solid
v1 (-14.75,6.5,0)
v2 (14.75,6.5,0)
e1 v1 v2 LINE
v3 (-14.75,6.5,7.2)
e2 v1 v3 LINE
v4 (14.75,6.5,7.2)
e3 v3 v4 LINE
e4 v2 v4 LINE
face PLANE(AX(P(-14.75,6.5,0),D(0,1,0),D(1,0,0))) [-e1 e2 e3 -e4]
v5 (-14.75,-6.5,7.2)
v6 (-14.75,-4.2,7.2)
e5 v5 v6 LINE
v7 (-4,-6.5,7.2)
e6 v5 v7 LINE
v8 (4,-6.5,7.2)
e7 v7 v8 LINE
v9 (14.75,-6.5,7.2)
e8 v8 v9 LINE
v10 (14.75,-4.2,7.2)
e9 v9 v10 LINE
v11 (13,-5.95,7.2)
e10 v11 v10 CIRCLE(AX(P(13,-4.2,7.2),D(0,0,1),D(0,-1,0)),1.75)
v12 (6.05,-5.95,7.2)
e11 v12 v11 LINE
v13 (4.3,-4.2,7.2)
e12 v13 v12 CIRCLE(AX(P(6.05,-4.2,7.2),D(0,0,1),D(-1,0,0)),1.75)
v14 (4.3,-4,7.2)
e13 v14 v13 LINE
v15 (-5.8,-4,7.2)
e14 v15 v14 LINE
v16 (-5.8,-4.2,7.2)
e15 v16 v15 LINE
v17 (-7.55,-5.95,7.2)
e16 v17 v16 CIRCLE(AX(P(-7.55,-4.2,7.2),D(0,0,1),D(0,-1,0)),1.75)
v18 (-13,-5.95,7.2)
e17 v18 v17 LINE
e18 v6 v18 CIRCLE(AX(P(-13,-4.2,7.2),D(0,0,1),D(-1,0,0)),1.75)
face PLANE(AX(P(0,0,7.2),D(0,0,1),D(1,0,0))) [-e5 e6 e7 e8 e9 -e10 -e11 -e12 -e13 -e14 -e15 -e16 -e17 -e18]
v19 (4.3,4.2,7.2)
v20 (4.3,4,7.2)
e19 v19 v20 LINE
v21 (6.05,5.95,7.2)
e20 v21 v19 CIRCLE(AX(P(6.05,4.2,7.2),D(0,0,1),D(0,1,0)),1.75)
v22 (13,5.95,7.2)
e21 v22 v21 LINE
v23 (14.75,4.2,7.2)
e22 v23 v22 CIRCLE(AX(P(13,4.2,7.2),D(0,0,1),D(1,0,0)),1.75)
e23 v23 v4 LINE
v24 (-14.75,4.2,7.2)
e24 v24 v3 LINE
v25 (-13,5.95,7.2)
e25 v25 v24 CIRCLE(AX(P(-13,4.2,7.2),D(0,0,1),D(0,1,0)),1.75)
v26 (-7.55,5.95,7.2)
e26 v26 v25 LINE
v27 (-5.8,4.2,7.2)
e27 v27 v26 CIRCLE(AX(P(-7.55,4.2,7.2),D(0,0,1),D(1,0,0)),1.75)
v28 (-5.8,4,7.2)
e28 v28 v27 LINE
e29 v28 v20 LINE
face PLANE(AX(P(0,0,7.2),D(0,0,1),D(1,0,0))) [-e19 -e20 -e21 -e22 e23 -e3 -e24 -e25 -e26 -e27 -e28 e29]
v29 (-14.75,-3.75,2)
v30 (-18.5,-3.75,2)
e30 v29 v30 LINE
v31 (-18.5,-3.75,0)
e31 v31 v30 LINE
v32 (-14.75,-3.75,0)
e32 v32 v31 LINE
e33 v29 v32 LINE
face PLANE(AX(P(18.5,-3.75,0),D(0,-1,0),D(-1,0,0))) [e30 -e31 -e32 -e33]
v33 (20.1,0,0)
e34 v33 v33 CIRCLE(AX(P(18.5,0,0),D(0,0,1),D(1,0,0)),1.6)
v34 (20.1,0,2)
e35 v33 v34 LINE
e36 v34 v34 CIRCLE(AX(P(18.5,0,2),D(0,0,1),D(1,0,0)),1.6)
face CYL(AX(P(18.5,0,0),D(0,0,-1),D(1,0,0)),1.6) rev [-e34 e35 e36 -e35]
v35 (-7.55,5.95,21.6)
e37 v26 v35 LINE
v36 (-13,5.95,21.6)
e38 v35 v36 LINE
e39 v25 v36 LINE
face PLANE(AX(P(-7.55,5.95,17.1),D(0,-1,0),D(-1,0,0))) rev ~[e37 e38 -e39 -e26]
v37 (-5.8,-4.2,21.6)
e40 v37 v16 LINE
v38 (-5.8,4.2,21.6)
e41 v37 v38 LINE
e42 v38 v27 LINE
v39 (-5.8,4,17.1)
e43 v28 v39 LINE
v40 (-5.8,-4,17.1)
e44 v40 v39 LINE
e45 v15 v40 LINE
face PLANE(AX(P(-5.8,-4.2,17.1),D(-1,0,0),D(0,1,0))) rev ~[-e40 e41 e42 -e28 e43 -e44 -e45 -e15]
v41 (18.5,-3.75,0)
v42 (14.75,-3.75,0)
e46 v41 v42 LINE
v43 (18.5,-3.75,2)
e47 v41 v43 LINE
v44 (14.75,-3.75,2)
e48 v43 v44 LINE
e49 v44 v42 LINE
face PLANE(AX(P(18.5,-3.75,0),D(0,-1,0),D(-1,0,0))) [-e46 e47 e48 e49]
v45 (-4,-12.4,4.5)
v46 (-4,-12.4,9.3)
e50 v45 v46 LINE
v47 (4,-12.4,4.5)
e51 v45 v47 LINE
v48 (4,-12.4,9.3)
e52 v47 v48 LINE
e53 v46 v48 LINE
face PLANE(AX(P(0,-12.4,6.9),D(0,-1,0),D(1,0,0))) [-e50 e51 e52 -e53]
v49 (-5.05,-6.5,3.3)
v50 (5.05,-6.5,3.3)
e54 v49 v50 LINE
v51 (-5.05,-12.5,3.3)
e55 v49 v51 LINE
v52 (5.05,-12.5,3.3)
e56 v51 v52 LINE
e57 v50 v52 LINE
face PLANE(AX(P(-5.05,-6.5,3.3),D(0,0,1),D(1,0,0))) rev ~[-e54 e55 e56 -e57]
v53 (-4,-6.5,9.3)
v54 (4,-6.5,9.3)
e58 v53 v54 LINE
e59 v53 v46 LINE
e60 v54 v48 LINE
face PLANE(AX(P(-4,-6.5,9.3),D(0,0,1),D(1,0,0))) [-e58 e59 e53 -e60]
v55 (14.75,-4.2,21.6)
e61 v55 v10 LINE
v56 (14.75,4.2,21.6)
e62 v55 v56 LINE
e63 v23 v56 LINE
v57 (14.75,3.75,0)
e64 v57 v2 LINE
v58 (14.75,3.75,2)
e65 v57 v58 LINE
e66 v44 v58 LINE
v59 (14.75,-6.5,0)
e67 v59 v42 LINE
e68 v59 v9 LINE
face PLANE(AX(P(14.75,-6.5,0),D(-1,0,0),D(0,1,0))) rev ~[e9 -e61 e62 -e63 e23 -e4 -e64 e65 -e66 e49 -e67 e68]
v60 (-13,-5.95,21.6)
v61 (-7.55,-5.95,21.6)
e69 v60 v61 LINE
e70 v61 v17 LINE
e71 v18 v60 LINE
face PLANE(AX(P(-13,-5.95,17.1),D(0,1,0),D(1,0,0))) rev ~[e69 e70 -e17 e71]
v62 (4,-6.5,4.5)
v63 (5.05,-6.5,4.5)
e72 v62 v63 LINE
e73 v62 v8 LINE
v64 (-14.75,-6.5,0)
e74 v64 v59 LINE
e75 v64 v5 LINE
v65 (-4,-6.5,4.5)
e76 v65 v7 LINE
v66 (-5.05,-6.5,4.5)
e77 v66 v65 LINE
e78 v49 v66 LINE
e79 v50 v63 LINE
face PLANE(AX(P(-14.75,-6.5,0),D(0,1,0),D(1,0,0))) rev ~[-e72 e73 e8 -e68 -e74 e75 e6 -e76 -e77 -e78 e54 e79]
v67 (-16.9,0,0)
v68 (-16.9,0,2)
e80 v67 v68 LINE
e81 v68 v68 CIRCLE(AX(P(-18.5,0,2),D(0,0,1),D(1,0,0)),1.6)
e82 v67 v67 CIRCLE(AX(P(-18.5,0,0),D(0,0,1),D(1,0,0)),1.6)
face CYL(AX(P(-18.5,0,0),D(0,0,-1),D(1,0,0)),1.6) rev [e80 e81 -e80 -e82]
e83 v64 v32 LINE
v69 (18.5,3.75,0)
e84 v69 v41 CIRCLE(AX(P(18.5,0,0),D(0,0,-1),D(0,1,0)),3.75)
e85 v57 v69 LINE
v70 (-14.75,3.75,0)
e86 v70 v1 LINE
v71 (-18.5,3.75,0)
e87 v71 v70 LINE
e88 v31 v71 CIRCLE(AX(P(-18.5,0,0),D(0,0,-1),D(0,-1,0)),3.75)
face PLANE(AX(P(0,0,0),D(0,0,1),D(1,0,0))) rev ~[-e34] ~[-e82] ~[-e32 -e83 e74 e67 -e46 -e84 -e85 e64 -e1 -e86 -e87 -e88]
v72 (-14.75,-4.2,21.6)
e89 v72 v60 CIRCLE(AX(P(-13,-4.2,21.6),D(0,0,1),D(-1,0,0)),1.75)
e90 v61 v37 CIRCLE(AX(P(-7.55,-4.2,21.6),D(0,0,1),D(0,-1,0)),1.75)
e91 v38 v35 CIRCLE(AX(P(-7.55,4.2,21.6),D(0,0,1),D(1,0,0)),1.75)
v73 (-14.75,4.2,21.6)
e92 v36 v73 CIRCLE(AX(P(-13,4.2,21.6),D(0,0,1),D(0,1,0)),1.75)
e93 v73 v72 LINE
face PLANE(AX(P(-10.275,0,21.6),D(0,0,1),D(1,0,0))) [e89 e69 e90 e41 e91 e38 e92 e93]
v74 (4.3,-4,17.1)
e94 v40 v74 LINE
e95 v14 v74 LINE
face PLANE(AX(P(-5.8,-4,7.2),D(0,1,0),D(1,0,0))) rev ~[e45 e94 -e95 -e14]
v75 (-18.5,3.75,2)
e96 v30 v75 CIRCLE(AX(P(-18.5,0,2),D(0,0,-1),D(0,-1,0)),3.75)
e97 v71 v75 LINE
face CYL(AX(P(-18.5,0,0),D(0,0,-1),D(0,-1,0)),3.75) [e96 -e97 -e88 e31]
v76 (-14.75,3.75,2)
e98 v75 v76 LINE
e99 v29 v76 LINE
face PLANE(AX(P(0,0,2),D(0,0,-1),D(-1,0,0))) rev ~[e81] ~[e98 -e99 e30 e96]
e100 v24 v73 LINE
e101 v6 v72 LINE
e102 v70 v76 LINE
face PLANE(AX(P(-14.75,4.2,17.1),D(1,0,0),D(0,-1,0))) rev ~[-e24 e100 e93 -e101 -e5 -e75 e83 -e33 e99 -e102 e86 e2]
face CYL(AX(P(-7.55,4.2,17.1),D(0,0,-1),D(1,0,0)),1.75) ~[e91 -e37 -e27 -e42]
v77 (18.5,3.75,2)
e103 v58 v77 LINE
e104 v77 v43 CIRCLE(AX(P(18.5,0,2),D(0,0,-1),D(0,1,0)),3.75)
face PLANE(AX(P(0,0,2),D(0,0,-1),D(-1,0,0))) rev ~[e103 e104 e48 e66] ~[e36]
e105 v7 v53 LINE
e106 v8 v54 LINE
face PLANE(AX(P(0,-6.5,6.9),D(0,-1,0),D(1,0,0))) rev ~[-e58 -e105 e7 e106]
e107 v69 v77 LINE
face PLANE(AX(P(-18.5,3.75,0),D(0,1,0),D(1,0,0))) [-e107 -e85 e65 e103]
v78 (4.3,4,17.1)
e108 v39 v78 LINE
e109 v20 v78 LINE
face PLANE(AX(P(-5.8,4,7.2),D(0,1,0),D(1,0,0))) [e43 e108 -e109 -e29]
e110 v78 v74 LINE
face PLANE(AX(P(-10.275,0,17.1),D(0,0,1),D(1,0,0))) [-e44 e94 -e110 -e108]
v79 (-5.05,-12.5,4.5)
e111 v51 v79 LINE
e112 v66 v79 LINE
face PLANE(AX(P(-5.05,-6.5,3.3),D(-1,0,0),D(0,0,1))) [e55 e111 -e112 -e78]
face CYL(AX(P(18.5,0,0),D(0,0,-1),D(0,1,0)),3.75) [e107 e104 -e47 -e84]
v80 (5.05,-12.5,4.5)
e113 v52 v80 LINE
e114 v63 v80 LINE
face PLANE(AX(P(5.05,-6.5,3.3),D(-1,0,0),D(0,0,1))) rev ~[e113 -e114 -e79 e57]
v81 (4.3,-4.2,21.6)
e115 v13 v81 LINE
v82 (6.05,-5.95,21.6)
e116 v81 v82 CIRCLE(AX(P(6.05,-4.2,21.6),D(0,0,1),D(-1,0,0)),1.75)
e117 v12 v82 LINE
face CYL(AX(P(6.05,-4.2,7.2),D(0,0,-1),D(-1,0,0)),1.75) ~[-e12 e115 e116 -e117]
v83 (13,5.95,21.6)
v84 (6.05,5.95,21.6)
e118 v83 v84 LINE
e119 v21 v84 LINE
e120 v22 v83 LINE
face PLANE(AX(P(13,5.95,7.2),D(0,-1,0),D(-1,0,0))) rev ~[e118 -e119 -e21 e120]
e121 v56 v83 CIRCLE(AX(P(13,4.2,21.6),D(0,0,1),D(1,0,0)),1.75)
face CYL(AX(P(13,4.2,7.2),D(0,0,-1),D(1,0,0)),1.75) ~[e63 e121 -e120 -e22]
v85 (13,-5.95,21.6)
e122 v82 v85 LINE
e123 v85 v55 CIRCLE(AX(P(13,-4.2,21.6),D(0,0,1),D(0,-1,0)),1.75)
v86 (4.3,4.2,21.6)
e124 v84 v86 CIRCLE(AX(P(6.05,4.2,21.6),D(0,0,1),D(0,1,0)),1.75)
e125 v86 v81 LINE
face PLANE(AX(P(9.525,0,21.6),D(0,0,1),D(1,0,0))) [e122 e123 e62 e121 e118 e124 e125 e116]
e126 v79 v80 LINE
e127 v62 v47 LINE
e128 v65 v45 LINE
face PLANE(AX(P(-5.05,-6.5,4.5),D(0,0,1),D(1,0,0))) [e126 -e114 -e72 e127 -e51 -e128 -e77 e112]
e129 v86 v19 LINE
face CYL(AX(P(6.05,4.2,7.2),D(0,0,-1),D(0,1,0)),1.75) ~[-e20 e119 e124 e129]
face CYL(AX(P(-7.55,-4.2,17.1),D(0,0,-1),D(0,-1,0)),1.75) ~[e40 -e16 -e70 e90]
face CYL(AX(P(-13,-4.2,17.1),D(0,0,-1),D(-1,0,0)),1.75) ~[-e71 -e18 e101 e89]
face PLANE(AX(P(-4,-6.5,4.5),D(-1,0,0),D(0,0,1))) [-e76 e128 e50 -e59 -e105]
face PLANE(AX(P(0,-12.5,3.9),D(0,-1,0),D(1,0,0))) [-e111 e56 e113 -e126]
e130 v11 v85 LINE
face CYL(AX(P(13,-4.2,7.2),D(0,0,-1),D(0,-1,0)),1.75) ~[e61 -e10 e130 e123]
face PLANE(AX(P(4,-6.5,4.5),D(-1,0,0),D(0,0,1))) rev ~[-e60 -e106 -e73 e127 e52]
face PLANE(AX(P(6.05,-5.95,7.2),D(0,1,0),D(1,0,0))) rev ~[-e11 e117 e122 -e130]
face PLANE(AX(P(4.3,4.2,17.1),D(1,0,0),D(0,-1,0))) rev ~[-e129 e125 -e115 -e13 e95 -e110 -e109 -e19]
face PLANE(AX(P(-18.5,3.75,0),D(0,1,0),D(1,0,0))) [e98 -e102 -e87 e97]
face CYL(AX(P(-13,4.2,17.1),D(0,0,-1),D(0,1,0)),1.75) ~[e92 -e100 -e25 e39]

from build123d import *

# Parameters (mm, degrees)
CROQUIS1_R              = 1.6
SALIENTE_EXTRUIR1_DEPTH = 2
CROQUIS2_W              = 29.5
CROQUIS2_H              = 13
SALIENTE_EXTRUIR2_DEPTH = 7.2
CROQUIS3_W              = 10.1
CROQUIS3_H              = 8
SALIENTE_EXTRUIR3_DEPTH = 9.9
SALIENTE_EXTRUIR4_DEPTH = 4.5
CROQUIS5_W              = 10.1
CROQUIS5_H              = 1.2
SALIENTE_EXTRUIR5_DEPTH = 6
CROQUIS6_W              = 8
CROQUIS6_H              = 4.8
SALIENTE_EXTRUIR6_DEPTH = 5.9


with BuildPart() as part:
    # Croquis1 → Saliente-Extruir1 (new body)
    with BuildSketch(Plane.XY):
        with BuildLine():
            Line((18.5, -3.75), (-18.5, -3.75))
            ThreePointArc((-18.5, -3.75), (-22.25, 0), (-18.5, 3.75))
            Line((-18.5, 3.75), (18.5, 3.75))
            ThreePointArc((18.5, 3.75), (22.25, 0), (18.5, -3.75))
        make_face()
        with Locations((-18.5, 0)):
            Circle(CROQUIS1_R, mode=Mode.SUBTRACT)
        with Locations((18.5, 0)):
            Circle(CROQUIS1_R, mode=Mode.SUBTRACT)
    extrude(amount=SALIENTE_EXTRUIR1_DEPTH)

    # Croquis2 → Saliente-Extruir2 (add)
    with BuildSketch(Plane.XY):
        Rectangle(CROQUIS2_W, CROQUIS2_H)
    extrude(amount=SALIENTE_EXTRUIR2_DEPTH)

    # Croquis3 → Saliente-Extruir3 (add)
    with BuildSketch(Plane.XY.offset(7.2)):
        with BuildLine():
            ThreePointArc((-5.8, 4.2), (-6.312563133, 5.437436867), (-7.55, 5.95))
            Line((-7.55, 5.95), (-13, 5.95))
            ThreePointArc((-13, 5.95), (-14.237436867, 5.437436867), (-14.75, 4.2))
            Line((-14.75, 4.2), (-14.75, -4.2))
            ThreePointArc((-14.75, -4.2), (-14.237436867, -5.437436867), (-13, -5.95))
            Line((-13, -5.95), (-7.55, -5.95))
            ThreePointArc((-7.55, -5.95), (-6.312563133, -5.437436867), (-5.8, -4.2))
            Line((-5.8, -4.2), (-5.8, -4))
            Line((-5.8, -4), (-5.8, 4))
            Line((-5.8, 4), (-5.8, 4.2))
        make_face()
        with Locations((-0.75, 0)):
            Rectangle(CROQUIS3_W, CROQUIS3_H)
        with BuildLine():
            Line((4.3, 4.2), (4.3, 4))
            Line((4.3, 4), (4.3, -4))
            Line((4.3, -4), (4.3, -4.2))
            ThreePointArc((4.3, -4.2), (4.812563133, -5.437436867), (6.05, -5.95))
            Line((6.05, -5.95), (13, -5.95))
            ThreePointArc((13, -5.95), (14.237436867, -5.437436867), (14.75, -4.2))
            Line((14.75, -4.2), (14.75, 4.2))
            ThreePointArc((14.75, 4.2), (14.237436867, 5.437436867), (13, 5.95))
            Line((13, 5.95), (6.05, 5.95))
            ThreePointArc((6.05, 5.95), (4.812563133, 5.437436867), (4.3, 4.2))
        make_face()
    extrude(amount=SALIENTE_EXTRUIR3_DEPTH)

    # Croquis4 → Saliente-Extruir4 (add)
    with BuildSketch(Plane.XY.offset(17.1)):
        with BuildLine():
            Line((-5.8, -4), (-5.8, 4))
            Line((-5.8, 4), (-5.8, 4.2))
            ThreePointArc((-5.8, 4.2), (-6.312563133, 5.437436867), (-7.55, 5.95))
            Line((-7.55, 5.95), (-13, 5.95))
            ThreePointArc((-13, 5.95), (-14.237436867, 5.437436867), (-14.75, 4.2))
            Line((-14.75, 4.2), (-14.75, -4.2))
            ThreePointArc((-14.75, -4.2), (-14.237436867, -5.437436867), (-13, -5.95))
            Line((-13, -5.95), (-7.55, -5.95))
            ThreePointArc((-7.55, -5.95), (-6.312563133, -5.437436867), (-5.8, -4.2))
            Line((-5.8, -4.2), (-5.8, -4))
        make_face()
        with BuildLine():
            Line((4.3, 4), (4.3, -4))
            Line((4.3, -4), (4.3, -4.2))
            ThreePointArc((4.3, -4.2), (4.812563133, -5.437436867), (6.05, -5.95))
            Line((6.05, -5.95), (13, -5.95))
            ThreePointArc((13, -5.95), (14.237436867, -5.437436867), (14.75, -4.2))
            Line((14.75, -4.2), (14.75, 4.2))
            ThreePointArc((14.75, 4.2), (14.237436867, 5.437436867), (13, 5.95))
            Line((13, 5.95), (6.05, 5.95))
            ThreePointArc((6.05, 5.95), (4.812563133, 5.437436867), (4.3, 4.2))
            Line((4.3, 4.2), (4.3, 4))
        make_face()
    extrude(amount=SALIENTE_EXTRUIR4_DEPTH)

    # Croquis5 → Saliente-Extruir5 (add)
    with BuildSketch(Plane.XZ.offset(6.5)):
        with Locations((0, 3.9)):
            Rectangle(CROQUIS5_W, CROQUIS5_H)
    extrude(amount=SALIENTE_EXTRUIR5_DEPTH)

    # Croquis6 → Saliente-Extruir6 (add)
    with BuildSketch(Plane.XZ.offset(6.5)):
        with Locations((0, 6.9)):
            Rectangle(CROQUIS6_W, CROQUIS6_H)
    extrude(amount=SALIENTE_EXTRUIR6_DEPTH)


solid = part.part
